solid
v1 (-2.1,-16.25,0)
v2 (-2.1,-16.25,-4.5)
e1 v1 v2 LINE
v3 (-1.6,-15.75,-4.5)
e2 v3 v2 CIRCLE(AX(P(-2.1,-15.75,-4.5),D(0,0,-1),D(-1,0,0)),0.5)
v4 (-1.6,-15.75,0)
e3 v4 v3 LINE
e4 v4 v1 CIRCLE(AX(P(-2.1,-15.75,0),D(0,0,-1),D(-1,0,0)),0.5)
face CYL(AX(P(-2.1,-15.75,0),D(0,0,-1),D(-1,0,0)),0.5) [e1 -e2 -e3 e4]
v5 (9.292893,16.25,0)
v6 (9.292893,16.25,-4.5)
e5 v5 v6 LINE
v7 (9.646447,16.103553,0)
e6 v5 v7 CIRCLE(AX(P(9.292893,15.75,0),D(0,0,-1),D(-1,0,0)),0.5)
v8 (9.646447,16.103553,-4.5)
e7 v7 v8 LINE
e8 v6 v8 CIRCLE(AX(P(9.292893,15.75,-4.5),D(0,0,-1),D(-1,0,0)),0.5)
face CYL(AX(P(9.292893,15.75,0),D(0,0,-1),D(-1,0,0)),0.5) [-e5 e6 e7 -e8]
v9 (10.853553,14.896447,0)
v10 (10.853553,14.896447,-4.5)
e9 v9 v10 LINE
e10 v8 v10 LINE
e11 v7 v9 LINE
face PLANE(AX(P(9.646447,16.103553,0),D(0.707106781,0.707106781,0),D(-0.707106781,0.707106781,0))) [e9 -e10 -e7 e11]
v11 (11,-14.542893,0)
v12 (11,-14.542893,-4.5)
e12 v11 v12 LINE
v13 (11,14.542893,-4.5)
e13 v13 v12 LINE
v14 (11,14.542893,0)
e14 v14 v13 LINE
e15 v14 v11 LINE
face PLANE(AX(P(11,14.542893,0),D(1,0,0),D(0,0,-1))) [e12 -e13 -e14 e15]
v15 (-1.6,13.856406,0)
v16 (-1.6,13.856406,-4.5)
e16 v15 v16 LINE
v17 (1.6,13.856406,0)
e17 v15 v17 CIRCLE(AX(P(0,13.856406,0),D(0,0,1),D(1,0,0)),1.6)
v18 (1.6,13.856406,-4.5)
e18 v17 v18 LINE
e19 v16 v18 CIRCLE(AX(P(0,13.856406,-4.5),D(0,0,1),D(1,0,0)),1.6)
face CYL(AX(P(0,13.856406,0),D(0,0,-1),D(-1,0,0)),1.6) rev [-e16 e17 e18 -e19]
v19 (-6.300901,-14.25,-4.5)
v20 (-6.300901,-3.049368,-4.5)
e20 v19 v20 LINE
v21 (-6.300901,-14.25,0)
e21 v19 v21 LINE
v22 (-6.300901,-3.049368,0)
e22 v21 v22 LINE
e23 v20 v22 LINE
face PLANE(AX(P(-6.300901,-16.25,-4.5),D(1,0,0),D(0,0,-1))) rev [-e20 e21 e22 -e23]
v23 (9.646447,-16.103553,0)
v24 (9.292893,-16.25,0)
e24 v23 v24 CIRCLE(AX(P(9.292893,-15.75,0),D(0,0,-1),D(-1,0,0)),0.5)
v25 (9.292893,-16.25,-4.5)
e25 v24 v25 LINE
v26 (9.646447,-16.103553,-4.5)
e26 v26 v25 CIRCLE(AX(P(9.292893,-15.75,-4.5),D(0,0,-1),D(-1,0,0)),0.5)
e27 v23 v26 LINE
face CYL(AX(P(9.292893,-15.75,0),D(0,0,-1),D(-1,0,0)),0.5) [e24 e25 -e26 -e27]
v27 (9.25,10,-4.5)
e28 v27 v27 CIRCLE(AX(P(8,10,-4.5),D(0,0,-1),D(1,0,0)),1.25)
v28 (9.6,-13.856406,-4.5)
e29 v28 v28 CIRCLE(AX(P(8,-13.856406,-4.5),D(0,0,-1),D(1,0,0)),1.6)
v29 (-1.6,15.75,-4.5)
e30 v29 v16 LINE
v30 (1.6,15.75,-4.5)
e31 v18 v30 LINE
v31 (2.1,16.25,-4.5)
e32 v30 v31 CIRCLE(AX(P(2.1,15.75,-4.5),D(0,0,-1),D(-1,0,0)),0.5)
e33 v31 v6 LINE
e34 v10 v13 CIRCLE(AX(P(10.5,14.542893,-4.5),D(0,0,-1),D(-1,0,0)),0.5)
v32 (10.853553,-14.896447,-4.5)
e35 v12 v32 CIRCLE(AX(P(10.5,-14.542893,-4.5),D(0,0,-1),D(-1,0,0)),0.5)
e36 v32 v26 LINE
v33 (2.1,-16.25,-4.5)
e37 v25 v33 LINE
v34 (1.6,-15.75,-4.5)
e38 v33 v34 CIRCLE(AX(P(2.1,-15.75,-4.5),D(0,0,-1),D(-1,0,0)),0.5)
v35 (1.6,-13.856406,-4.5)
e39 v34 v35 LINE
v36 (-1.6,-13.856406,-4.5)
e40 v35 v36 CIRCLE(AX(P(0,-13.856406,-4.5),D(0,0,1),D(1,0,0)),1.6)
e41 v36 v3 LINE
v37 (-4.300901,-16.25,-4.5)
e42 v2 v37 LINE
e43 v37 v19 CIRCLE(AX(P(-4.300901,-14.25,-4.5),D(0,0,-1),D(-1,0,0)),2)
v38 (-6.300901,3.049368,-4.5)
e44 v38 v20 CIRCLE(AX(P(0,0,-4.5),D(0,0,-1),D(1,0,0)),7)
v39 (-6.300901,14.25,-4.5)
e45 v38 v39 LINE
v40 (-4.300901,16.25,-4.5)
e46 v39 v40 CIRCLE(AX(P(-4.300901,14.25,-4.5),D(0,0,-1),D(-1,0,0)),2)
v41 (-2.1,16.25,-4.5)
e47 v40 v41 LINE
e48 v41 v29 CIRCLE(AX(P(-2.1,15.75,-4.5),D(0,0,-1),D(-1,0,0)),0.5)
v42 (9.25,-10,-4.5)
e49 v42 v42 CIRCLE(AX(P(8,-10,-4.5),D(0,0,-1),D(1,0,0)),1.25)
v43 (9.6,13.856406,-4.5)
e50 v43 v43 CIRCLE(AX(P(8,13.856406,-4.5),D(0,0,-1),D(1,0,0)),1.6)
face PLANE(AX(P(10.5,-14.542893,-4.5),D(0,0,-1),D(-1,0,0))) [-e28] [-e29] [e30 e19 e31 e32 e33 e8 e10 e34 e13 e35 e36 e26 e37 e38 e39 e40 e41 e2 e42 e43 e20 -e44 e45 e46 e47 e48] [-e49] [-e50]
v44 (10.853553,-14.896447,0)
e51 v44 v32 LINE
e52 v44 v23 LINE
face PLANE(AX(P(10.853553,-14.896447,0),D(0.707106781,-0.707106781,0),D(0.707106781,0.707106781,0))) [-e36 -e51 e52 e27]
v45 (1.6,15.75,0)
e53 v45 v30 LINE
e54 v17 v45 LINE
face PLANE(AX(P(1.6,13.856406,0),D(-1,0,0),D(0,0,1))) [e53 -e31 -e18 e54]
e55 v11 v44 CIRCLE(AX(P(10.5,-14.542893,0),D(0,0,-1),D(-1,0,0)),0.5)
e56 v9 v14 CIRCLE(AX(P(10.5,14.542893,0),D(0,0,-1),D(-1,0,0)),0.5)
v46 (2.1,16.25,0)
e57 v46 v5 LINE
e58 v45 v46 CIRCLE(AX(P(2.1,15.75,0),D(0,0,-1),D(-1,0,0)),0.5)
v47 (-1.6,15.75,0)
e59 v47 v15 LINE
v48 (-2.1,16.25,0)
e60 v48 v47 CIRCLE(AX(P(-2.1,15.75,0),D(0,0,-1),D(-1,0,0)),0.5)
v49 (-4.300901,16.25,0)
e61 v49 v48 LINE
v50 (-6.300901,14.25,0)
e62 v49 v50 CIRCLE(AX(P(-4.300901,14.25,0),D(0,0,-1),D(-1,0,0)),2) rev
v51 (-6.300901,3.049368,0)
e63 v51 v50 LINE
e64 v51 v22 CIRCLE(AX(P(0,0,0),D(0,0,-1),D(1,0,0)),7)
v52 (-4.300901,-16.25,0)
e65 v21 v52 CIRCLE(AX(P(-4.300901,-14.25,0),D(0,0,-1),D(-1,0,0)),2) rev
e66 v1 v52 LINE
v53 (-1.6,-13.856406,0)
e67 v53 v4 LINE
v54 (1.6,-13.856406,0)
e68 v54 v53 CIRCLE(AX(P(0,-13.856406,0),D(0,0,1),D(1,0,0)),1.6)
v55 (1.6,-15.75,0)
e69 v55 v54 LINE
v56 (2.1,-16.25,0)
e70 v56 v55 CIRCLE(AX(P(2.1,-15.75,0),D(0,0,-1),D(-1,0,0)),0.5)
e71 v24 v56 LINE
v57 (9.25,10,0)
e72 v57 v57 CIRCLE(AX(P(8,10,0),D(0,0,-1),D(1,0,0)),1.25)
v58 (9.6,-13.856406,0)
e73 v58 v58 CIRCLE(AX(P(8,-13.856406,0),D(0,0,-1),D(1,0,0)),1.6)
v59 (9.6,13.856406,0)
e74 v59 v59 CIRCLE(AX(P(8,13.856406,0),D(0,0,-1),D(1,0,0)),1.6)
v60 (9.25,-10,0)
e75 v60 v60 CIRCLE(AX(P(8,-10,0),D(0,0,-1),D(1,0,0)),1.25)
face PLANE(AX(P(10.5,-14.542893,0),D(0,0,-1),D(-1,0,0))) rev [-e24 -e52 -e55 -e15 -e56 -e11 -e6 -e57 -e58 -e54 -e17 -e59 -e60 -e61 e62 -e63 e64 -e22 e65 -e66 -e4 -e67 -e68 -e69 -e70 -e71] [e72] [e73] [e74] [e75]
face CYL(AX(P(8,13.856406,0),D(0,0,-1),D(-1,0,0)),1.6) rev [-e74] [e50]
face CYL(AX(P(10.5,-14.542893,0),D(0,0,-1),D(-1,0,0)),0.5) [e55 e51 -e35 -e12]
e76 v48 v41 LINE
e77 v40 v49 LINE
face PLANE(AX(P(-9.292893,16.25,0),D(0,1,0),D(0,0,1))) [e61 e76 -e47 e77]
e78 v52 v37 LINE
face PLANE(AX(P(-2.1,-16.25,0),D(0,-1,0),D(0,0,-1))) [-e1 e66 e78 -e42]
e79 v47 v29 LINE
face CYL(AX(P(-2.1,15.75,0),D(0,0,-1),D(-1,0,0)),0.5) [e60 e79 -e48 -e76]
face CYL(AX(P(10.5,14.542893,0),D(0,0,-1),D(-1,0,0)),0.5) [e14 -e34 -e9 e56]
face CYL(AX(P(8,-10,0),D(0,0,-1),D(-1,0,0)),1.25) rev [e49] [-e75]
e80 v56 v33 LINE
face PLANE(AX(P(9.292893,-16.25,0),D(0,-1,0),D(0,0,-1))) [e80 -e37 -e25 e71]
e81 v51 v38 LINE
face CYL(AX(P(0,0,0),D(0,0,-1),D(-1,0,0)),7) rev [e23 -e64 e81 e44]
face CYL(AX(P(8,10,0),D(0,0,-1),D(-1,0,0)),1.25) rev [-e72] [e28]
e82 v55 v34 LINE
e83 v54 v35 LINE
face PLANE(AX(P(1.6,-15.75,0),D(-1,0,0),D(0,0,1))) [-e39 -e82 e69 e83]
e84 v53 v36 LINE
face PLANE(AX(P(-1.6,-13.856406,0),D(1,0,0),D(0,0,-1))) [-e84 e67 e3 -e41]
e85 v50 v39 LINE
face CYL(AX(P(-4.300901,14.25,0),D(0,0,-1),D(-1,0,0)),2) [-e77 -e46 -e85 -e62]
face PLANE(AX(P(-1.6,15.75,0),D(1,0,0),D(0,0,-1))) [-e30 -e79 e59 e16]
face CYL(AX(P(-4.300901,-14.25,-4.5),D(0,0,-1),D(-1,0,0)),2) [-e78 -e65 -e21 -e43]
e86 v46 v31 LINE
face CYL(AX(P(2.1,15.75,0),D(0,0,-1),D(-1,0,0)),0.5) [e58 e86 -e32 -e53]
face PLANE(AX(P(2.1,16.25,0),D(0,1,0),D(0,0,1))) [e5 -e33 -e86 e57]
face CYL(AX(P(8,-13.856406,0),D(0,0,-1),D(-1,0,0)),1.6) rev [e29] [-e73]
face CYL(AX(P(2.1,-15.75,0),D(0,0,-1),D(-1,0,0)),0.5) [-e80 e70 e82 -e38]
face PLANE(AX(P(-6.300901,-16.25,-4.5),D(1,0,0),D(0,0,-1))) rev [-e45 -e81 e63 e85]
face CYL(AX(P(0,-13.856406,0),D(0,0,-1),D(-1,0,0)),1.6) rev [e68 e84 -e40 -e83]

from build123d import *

# Parameters (mm, degrees)
ESBO_O1_R                = 1.25
ESBO_O1_R_2              = 1.6
ESBO_O1_R_3              = 7
RESSALTO_EXTRUS_O1_DEPTH = 4.5
ESBO_O2_W                = 9.082800448
ESBO_O2_H                = 32.5
CORTE_EXTRUS_O1_DEPTH    = 5.5
FILETE1_R                = 2


with BuildPart() as part:
    # Esboço1 → Ressalto-extrusão1 (new body)
    with BuildSketch(Plane(origin=(0, 0, -4.5), x_dir=(-1, 0, 0), z_dir=(0, 0, -1))):
        with BuildLine():
            Line((-10.853553391, -14.896446609), (-9.646446609, -16.103553391))
            ThreePointArc((-9.646446609, -16.103553391), (-9.484234935, -16.211939766), (-9.292893219, -16.25))
            Line((-9.292893219, -16.25), (-2.1, -16.25))
            ThreePointArc((-2.1, -16.25), (-1.746446609, -16.103553391), (-1.6, -15.75))
            Line((-1.6, -15.75), (-1.6, -13.856406461))
            ThreePointArc((-1.6, -13.856406461), (0, -12.256406461), (1.6, -13.856406461))
            Line((1.6, -13.856406461), (1.6, -15.75))
            ThreePointArc((1.6, -15.75), (1.746446609, -16.103553391), (2.1, -16.25))
            Line((2.1, -16.25), (9.292893219, -16.25))
            ThreePointArc((9.292893219, -16.25), (9.484234935, -16.211939766), (9.646446609, -16.103553391))
            Line((9.646446609, -16.103553391), (10.853553391, -14.896446609))
            ThreePointArc((10.853553391, -14.896446609), (10.961939766, -14.734234935), (11, -14.542893219))
            Line((11, -14.542893219), (11, 14.542893219))
            ThreePointArc((11, 14.542893219), (10.961939766, 14.734234935), (10.853553391, 14.896446609))
            Line((10.853553391, 14.896446609), (9.646446609, 16.103553391))
            ThreePointArc((9.646446609, 16.103553391), (9.484234935, 16.211939766), (9.292893219, 16.25))
            Line((9.292893219, 16.25), (2.1, 16.25))
            ThreePointArc((2.1, 16.25), (1.746446609, 16.103553391), (1.6, 15.75))
            Line((1.6, 15.75), (1.6, 13.856406461))
            ThreePointArc((1.6, 13.856406461), (0, 12.256406461), (-1.6, 13.856406461))
            Line((-1.6, 13.856406461), (-1.6, 15.75))
            ThreePointArc((-1.6, 15.75), (-1.746446609, 16.103553391), (-2.1, 16.25))
            Line((-2.1, 16.25), (-9.292893219, 16.25))
            ThreePointArc((-9.292893219, 16.25), (-9.484234935, 16.211939766), (-9.646446609, 16.103553391))
            Line((-9.646446609, 16.103553391), (-10.853553391, 14.896446609))
            ThreePointArc((-10.853553391, 14.896446609), (-10.961939766, 14.734234935), (-11, 14.542893219))
            Line((-11, 14.542893219), (-11, -14.542893219))
            ThreePointArc((-11, -14.542893219), (-10.961939766, -14.734234935), (-10.853553391, -14.896446609))
        make_face()
        with Locations((-8, -10)):
            Circle(ESBO_O1_R, mode=Mode.SUBTRACT)
        with Locations((8, -10)):
            Circle(ESBO_O1_R, mode=Mode.SUBTRACT)
        with Locations((8, 10)):
            Circle(ESBO_O1_R, mode=Mode.SUBTRACT)
        with Locations((-8, 10)):
            Circle(ESBO_O1_R, mode=Mode.SUBTRACT)
        with Locations((-8, -13.85640646)):
            Circle(ESBO_O1_R_2, mode=Mode.SUBTRACT)
        with Locations((8, -13.85640646)):
            Circle(ESBO_O1_R_2, mode=Mode.SUBTRACT)
        with Locations((8, 13.85640646)):
            Circle(ESBO_O1_R_2, mode=Mode.SUBTRACT)
        with Locations((-8, 13.85640646)):
            Circle(ESBO_O1_R_2, mode=Mode.SUBTRACT)
        Circle(ESBO_O1_R_3, mode=Mode.SUBTRACT)
    extrude(amount=-RESSALTO_EXTRUS_O1_DEPTH)

    # Esboço2 → Corte-extrusão1 (cut, through all)
    with BuildSketch(Plane.XY):
        with Locations((-10.842301115, 0)):
            Rectangle(ESBO_O2_W, ESBO_O2_H)
    extrude(amount=-CORTE_EXTRUS_O1_DEPTH, mode=Mode.SUBTRACT)

    # Filete1
    filete1_edges = [part.edges().sort_by_distance(p)[0] for p in [
        (-6.300900891, 16.25, -2.25),
        (-6.300900891, -16.25, -2.25),
    ]]
    fillet(filete1_edges, radius=FILETE1_R)


solid = part.part
